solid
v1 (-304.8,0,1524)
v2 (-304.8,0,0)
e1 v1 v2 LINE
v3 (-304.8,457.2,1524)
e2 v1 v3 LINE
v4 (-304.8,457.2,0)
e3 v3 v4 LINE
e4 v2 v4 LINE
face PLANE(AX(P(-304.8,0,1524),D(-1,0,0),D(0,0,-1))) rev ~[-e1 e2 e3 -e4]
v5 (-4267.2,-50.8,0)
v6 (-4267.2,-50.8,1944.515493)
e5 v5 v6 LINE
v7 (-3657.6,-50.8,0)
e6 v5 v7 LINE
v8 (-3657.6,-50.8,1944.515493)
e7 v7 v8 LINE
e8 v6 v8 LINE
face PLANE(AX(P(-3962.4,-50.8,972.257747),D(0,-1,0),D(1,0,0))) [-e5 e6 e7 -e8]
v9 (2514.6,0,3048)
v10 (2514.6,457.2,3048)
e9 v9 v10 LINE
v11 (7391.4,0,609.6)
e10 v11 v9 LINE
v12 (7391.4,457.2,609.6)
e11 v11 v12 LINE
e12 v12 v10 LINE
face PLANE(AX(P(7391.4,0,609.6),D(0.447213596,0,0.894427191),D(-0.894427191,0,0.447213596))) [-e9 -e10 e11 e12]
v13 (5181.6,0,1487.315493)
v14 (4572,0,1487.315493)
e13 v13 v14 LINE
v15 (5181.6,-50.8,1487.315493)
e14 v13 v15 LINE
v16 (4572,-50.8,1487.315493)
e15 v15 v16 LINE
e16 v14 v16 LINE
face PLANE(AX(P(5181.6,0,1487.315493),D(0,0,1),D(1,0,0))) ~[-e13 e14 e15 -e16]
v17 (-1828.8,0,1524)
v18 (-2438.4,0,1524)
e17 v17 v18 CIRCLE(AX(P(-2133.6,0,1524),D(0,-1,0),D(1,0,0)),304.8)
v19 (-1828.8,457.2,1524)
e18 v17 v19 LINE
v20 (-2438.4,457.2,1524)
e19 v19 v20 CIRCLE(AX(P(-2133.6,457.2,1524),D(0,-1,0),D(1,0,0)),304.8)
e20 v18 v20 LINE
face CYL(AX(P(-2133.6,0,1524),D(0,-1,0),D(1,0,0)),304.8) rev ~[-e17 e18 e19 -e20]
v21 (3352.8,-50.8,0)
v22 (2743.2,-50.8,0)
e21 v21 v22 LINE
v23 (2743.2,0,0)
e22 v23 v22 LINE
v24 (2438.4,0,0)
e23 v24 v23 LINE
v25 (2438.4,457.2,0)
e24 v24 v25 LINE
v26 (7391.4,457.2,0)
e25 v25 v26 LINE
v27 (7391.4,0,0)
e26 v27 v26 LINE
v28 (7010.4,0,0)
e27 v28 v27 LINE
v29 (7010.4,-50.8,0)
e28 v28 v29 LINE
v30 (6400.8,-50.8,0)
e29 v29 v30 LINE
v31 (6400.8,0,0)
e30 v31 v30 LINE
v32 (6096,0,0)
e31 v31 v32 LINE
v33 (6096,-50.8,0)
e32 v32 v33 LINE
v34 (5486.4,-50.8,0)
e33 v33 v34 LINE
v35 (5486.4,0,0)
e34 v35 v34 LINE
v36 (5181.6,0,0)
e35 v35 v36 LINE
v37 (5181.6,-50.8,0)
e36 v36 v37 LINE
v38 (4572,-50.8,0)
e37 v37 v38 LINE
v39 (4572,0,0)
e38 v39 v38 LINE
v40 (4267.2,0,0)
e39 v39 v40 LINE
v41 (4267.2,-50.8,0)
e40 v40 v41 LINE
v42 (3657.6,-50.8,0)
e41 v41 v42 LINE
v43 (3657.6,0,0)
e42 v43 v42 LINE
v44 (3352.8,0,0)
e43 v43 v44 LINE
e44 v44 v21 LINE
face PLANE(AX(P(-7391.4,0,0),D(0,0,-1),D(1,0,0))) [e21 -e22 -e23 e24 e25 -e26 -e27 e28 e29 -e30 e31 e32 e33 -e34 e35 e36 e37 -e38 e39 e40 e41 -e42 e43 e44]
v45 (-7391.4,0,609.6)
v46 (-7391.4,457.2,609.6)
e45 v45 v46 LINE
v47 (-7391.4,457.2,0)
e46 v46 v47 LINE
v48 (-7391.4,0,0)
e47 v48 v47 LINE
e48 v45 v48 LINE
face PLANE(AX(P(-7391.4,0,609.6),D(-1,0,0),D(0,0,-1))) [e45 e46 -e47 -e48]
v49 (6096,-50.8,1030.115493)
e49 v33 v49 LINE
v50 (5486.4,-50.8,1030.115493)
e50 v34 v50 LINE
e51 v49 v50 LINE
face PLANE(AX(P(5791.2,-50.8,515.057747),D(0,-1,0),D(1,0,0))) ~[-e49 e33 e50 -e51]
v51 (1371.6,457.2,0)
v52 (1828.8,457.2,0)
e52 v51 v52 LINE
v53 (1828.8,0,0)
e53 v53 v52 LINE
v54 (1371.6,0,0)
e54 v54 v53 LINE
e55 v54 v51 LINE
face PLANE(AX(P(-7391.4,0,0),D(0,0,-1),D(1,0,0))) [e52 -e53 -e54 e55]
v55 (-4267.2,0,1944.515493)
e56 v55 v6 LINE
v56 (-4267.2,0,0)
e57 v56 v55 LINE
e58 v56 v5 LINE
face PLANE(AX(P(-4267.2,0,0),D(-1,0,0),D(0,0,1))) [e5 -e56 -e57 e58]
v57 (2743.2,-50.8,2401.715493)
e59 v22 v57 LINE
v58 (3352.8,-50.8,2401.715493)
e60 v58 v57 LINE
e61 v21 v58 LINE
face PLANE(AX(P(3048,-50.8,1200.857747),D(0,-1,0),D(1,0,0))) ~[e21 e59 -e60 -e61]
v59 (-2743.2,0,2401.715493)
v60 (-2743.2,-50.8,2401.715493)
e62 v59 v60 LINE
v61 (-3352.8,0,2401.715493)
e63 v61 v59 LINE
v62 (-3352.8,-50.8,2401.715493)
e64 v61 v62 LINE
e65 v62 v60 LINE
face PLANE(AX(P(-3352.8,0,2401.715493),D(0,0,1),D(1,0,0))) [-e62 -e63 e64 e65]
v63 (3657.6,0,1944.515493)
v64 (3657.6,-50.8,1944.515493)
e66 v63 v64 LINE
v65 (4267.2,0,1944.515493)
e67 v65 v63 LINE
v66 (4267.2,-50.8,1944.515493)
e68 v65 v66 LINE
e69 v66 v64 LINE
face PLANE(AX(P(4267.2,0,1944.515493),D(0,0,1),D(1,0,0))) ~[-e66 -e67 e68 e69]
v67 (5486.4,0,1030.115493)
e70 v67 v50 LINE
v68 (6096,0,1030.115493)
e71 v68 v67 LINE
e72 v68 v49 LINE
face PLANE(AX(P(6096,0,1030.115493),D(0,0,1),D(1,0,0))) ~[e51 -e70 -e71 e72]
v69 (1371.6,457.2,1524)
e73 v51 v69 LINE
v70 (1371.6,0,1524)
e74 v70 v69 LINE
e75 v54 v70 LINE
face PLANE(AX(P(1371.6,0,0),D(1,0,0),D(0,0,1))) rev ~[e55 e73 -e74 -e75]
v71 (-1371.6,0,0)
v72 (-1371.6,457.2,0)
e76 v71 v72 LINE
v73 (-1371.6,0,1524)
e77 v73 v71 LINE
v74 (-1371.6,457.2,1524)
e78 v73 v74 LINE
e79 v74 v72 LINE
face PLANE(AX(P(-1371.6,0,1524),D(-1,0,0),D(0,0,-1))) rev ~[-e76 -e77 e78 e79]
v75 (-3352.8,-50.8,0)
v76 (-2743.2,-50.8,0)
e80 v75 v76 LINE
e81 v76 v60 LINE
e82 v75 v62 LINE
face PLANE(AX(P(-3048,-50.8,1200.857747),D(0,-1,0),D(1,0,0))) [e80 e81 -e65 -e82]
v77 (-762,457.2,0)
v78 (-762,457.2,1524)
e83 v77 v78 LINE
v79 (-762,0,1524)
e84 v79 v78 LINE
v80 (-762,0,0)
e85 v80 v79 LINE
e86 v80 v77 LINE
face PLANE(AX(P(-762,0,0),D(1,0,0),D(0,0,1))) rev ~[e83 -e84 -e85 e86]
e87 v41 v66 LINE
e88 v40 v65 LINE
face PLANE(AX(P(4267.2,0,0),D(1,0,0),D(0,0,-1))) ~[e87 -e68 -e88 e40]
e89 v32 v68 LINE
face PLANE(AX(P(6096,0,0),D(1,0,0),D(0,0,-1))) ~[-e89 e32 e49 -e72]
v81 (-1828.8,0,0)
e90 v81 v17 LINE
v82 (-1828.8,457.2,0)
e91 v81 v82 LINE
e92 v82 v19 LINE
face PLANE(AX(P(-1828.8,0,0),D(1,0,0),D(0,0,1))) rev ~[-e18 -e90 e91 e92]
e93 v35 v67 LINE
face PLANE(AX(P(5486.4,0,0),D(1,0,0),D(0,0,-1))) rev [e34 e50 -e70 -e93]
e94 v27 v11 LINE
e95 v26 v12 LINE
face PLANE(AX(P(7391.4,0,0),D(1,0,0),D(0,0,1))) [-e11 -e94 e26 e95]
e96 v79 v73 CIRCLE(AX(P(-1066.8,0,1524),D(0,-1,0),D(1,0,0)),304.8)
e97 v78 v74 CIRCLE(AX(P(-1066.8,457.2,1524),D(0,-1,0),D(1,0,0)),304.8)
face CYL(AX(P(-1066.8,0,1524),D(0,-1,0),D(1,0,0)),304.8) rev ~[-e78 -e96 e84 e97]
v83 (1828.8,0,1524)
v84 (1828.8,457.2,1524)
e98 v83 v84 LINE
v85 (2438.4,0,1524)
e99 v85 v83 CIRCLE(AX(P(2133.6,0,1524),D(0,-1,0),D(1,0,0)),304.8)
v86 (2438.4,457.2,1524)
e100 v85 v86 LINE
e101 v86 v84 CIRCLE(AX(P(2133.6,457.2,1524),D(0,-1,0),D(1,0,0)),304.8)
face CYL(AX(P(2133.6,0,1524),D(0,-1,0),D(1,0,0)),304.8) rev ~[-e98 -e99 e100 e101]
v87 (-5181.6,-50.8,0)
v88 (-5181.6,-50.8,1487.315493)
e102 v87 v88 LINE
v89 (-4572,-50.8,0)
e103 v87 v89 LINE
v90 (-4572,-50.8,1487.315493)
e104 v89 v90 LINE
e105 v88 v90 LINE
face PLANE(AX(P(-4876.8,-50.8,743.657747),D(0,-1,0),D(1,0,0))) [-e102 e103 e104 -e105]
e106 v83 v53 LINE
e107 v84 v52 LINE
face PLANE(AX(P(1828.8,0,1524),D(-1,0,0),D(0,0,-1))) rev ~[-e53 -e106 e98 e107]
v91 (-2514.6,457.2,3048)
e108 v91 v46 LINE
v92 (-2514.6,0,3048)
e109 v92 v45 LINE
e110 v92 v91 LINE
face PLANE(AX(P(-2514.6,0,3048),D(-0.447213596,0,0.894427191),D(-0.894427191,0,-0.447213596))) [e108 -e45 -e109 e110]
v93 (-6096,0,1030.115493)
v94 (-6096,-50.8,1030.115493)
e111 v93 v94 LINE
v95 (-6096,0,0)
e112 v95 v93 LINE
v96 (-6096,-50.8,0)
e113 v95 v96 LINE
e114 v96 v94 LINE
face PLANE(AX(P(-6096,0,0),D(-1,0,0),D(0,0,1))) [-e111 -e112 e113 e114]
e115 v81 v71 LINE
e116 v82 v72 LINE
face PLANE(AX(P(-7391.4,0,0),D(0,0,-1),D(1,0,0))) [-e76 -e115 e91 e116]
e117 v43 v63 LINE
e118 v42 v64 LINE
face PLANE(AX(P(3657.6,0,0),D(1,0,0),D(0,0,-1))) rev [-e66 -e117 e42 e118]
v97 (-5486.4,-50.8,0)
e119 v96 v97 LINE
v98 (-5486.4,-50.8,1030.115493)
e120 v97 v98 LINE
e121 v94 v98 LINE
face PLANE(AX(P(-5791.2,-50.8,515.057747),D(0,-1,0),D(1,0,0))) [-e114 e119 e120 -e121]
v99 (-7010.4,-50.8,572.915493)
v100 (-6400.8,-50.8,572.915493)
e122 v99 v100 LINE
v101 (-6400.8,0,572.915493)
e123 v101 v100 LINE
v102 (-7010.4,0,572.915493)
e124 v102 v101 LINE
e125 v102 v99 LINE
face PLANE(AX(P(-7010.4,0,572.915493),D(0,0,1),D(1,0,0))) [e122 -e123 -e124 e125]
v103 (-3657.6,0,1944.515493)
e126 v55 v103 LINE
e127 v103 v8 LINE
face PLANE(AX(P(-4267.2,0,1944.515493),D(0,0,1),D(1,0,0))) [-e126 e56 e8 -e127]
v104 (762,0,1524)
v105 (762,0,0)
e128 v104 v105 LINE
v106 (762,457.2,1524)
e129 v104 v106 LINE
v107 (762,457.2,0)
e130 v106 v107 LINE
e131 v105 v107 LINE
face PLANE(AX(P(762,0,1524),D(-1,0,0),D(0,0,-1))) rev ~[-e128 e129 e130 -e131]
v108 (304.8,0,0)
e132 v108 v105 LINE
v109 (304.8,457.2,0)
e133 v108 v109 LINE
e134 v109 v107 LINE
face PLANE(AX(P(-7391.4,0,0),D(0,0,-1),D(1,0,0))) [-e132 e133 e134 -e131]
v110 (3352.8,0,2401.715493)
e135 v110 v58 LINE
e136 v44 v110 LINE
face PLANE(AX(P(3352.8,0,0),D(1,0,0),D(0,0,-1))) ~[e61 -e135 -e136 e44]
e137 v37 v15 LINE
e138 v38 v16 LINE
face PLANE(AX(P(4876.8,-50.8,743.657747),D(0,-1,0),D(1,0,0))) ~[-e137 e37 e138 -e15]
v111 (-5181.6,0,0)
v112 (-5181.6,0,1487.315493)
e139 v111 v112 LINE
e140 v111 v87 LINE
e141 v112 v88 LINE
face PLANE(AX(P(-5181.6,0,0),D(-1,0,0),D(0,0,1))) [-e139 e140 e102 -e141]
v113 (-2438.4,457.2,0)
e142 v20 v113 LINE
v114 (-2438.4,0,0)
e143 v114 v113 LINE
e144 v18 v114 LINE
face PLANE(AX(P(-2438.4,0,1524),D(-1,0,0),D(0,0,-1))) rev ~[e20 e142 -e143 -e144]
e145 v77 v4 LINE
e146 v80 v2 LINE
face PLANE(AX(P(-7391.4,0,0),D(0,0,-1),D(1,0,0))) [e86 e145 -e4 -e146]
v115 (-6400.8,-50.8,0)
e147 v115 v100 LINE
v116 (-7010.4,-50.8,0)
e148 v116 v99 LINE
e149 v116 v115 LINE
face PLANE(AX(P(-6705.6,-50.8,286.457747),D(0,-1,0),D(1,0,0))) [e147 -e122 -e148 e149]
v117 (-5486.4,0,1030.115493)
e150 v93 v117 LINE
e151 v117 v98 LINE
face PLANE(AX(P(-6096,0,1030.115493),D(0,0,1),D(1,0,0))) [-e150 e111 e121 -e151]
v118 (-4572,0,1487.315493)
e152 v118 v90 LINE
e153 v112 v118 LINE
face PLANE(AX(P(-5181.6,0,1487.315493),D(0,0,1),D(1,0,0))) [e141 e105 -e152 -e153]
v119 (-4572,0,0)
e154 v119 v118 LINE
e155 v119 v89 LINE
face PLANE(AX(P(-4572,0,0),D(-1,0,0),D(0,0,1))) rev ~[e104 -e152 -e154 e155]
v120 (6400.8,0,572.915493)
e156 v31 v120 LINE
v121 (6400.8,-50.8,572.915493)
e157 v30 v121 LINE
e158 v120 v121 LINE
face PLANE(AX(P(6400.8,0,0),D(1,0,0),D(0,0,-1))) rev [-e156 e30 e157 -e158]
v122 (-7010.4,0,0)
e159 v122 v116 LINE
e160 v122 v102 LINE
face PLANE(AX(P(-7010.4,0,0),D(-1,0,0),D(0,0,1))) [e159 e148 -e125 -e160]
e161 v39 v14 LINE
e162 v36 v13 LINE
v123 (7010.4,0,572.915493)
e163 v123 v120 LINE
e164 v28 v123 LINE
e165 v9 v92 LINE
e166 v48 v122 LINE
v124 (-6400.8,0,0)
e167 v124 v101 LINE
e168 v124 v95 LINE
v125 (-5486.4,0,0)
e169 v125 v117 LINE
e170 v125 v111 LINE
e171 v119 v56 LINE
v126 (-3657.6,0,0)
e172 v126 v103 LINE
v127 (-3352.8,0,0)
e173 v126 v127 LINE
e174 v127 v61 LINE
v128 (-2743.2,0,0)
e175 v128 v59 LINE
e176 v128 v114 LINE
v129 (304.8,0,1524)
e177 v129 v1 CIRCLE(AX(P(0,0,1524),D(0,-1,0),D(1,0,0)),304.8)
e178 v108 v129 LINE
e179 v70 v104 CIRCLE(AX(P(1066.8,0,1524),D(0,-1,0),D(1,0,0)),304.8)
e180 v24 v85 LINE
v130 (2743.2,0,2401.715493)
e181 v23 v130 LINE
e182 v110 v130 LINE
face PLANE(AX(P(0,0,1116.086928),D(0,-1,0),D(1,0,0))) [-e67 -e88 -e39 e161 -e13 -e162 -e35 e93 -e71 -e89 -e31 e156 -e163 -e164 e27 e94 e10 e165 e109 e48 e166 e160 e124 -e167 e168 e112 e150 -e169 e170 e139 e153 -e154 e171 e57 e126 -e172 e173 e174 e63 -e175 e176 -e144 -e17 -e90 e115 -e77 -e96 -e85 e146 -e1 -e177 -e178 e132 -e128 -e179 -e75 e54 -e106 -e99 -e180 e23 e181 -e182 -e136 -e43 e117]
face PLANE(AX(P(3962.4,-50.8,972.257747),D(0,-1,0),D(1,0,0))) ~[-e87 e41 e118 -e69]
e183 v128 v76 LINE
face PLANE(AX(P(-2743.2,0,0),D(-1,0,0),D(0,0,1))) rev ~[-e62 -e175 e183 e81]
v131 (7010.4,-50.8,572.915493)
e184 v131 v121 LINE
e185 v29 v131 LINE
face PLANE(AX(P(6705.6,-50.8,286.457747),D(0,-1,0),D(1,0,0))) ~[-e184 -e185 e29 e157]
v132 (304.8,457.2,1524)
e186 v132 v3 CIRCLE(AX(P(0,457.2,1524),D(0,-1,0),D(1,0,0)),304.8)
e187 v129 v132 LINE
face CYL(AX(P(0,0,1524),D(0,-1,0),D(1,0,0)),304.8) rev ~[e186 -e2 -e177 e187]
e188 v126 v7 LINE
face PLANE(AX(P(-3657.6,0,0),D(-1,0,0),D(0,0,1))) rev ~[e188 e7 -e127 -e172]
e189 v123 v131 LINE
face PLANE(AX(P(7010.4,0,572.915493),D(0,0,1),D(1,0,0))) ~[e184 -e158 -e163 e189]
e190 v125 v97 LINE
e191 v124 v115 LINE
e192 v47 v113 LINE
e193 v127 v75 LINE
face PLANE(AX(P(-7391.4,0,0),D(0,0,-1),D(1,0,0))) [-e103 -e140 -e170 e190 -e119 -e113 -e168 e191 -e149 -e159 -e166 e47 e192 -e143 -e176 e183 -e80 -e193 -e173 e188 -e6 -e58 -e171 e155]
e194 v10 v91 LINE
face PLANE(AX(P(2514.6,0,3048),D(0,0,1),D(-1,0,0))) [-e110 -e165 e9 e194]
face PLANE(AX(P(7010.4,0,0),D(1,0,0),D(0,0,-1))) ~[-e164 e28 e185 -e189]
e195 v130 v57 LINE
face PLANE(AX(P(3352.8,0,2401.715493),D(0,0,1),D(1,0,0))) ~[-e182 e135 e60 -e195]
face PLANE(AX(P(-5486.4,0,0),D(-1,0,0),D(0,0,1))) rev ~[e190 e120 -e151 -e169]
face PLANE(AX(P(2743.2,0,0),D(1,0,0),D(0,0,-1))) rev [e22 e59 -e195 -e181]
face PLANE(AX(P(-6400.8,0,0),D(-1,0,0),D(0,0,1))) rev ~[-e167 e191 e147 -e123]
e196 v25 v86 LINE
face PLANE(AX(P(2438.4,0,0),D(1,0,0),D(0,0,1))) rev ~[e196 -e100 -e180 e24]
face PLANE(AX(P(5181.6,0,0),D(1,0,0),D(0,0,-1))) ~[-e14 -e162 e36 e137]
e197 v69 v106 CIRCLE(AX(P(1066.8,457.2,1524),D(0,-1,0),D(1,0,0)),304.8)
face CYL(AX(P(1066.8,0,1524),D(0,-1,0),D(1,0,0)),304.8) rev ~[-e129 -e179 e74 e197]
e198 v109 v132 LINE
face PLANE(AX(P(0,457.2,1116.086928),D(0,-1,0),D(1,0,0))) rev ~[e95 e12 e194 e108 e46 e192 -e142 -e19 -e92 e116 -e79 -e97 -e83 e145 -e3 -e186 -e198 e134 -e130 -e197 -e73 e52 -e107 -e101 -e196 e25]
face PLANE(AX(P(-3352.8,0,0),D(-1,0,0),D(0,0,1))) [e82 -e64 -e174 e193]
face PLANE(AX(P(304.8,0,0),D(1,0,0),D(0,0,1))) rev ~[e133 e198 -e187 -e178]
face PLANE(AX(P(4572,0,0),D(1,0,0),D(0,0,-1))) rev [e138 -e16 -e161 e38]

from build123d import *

# Parameters (mm, degrees)
F1_W     = 609.6
F1_H     = 1030.115493486
F2_DEPTH = 50.8
F1_H_2   = 2401.715493486
F1_H_3   = 1944.515493486
F1_H_4   = 1487.315493486
F1_H_5   = 572.915493486
F3_DEPTH = 457.2
F6_DEPTH = 457.201


with BuildPart() as f2:
    # F1 (on face) → F2 (new body)
    with BuildSketch(Plane.XZ):
        with Locations((-5791.2, 515.057746743)):
            Rectangle(F1_W, F1_H)
    extrude(amount=F2_DEPTH)



with BuildPart() as f2b:
    # F1 (on face) → F2, piece 2 (new body)
    with BuildSketch(Plane.XZ):
        with Locations((-3048, 1200.857746743)):
            Rectangle(F1_W, F1_H_2)
    extrude(amount=F2_DEPTH)


with BuildPart() as f2c:
    # F1 (on face) → F2, piece 3 (new body)
    with BuildSketch(Plane.XZ):
        with Locations((-3962.4, 972.257746743)):
            Rectangle(F1_W, F1_H_3)
    extrude(amount=F2_DEPTH)


with BuildPart() as f2d:
    # F1 (on face) → F2, piece 4 (new body)
    with BuildSketch(Plane.XZ):
        with Locations((-4876.8, 743.657746743)):
            Rectangle(F1_W, F1_H_4)
    extrude(amount=F2_DEPTH)


with BuildPart() as f2e:
    # F1 (on face) → F2, piece 5 (new body)
    with BuildSketch(Plane.XZ):
        with Locations((-6705.6, 286.457746743)):
            Rectangle(F1_W, F1_H_5)
    extrude(amount=F2_DEPTH)


with BuildPart() as f2_1:
    add(f2.part)

    add(f2b.part)  # F3 merges F2b

    add(f2c.part)  # F3 merges F2c

    add(f2d.part)  # F3 merges F2d

    add(f2e.part)  # F3 merges F2e
    # F0 (on Front) → F3 (join)
    with BuildSketch(Plane.XZ):
        Polygon((-7391.4, 609.6), (-7391.4, 0), (7391.4, 0), (7391.4, 609.6), (2514.6, 3048), (-2514.6, 3048), align=None)
    extrude(amount=-F3_DEPTH)

    # F4: F2 across plane


with BuildPart() as f2_2:
    add(f2_1.part)
    add(f2_1.part.mirror(Plane.YZ))

    # F5 (on face) → F6 (cut, through all)
    with BuildSketch(Plane.XZ):
        with BuildLine():
            Line((-2438.4, 1524), (-2438.4, 0))
            Line((-2438.4, 0), (-1828.8, 0))
            Line((-1828.8, 0), (-1828.8, 1524))
            ThreePointArc((-1828.8, 1524), (-2133.6, 1828.8), (-2438.4, 1524))
        make_face()
        with BuildLine():
            Line((-1371.6, 1524), (-1371.6, 0))
            Line((-1371.6, 0), (-762, 0))
            Line((-762, 0), (-762, 1524))
            ThreePointArc((-762, 1524), (-1066.8, 1828.8), (-1371.6, 1524))
        make_face()
        with BuildLine():
            Line((-304.8, 1524), (-304.8, 0))
            Line((-304.8, 0), (304.8, 0))
            Line((304.8, 0), (304.8, 1524))
            ThreePointArc((304.8, 1524), (0, 1828.8), (-304.8, 1524))
        make_face()
        with BuildLine():
            Line((762, 1524), (762, 0))
            Line((762, 0), (1371.6, 0))
            Line((1371.6, 0), (1371.6, 1524))
            ThreePointArc((1371.6, 1524), (1066.8, 1828.8), (762, 1524))
        make_face()
        with BuildLine():
            Line((1828.8, 1524), (1828.8, 0))
            Line((1828.8, 0), (2438.4, 0))
            Line((2438.4, 0), (2438.4, 1524))
            ThreePointArc((2438.4, 1524), (2133.6, 1828.8), (1828.8, 1524))
        make_face()
    extrude(amount=-F6_DEPTH, mode=Mode.SUBTRACT)


solid = f2_2.part
